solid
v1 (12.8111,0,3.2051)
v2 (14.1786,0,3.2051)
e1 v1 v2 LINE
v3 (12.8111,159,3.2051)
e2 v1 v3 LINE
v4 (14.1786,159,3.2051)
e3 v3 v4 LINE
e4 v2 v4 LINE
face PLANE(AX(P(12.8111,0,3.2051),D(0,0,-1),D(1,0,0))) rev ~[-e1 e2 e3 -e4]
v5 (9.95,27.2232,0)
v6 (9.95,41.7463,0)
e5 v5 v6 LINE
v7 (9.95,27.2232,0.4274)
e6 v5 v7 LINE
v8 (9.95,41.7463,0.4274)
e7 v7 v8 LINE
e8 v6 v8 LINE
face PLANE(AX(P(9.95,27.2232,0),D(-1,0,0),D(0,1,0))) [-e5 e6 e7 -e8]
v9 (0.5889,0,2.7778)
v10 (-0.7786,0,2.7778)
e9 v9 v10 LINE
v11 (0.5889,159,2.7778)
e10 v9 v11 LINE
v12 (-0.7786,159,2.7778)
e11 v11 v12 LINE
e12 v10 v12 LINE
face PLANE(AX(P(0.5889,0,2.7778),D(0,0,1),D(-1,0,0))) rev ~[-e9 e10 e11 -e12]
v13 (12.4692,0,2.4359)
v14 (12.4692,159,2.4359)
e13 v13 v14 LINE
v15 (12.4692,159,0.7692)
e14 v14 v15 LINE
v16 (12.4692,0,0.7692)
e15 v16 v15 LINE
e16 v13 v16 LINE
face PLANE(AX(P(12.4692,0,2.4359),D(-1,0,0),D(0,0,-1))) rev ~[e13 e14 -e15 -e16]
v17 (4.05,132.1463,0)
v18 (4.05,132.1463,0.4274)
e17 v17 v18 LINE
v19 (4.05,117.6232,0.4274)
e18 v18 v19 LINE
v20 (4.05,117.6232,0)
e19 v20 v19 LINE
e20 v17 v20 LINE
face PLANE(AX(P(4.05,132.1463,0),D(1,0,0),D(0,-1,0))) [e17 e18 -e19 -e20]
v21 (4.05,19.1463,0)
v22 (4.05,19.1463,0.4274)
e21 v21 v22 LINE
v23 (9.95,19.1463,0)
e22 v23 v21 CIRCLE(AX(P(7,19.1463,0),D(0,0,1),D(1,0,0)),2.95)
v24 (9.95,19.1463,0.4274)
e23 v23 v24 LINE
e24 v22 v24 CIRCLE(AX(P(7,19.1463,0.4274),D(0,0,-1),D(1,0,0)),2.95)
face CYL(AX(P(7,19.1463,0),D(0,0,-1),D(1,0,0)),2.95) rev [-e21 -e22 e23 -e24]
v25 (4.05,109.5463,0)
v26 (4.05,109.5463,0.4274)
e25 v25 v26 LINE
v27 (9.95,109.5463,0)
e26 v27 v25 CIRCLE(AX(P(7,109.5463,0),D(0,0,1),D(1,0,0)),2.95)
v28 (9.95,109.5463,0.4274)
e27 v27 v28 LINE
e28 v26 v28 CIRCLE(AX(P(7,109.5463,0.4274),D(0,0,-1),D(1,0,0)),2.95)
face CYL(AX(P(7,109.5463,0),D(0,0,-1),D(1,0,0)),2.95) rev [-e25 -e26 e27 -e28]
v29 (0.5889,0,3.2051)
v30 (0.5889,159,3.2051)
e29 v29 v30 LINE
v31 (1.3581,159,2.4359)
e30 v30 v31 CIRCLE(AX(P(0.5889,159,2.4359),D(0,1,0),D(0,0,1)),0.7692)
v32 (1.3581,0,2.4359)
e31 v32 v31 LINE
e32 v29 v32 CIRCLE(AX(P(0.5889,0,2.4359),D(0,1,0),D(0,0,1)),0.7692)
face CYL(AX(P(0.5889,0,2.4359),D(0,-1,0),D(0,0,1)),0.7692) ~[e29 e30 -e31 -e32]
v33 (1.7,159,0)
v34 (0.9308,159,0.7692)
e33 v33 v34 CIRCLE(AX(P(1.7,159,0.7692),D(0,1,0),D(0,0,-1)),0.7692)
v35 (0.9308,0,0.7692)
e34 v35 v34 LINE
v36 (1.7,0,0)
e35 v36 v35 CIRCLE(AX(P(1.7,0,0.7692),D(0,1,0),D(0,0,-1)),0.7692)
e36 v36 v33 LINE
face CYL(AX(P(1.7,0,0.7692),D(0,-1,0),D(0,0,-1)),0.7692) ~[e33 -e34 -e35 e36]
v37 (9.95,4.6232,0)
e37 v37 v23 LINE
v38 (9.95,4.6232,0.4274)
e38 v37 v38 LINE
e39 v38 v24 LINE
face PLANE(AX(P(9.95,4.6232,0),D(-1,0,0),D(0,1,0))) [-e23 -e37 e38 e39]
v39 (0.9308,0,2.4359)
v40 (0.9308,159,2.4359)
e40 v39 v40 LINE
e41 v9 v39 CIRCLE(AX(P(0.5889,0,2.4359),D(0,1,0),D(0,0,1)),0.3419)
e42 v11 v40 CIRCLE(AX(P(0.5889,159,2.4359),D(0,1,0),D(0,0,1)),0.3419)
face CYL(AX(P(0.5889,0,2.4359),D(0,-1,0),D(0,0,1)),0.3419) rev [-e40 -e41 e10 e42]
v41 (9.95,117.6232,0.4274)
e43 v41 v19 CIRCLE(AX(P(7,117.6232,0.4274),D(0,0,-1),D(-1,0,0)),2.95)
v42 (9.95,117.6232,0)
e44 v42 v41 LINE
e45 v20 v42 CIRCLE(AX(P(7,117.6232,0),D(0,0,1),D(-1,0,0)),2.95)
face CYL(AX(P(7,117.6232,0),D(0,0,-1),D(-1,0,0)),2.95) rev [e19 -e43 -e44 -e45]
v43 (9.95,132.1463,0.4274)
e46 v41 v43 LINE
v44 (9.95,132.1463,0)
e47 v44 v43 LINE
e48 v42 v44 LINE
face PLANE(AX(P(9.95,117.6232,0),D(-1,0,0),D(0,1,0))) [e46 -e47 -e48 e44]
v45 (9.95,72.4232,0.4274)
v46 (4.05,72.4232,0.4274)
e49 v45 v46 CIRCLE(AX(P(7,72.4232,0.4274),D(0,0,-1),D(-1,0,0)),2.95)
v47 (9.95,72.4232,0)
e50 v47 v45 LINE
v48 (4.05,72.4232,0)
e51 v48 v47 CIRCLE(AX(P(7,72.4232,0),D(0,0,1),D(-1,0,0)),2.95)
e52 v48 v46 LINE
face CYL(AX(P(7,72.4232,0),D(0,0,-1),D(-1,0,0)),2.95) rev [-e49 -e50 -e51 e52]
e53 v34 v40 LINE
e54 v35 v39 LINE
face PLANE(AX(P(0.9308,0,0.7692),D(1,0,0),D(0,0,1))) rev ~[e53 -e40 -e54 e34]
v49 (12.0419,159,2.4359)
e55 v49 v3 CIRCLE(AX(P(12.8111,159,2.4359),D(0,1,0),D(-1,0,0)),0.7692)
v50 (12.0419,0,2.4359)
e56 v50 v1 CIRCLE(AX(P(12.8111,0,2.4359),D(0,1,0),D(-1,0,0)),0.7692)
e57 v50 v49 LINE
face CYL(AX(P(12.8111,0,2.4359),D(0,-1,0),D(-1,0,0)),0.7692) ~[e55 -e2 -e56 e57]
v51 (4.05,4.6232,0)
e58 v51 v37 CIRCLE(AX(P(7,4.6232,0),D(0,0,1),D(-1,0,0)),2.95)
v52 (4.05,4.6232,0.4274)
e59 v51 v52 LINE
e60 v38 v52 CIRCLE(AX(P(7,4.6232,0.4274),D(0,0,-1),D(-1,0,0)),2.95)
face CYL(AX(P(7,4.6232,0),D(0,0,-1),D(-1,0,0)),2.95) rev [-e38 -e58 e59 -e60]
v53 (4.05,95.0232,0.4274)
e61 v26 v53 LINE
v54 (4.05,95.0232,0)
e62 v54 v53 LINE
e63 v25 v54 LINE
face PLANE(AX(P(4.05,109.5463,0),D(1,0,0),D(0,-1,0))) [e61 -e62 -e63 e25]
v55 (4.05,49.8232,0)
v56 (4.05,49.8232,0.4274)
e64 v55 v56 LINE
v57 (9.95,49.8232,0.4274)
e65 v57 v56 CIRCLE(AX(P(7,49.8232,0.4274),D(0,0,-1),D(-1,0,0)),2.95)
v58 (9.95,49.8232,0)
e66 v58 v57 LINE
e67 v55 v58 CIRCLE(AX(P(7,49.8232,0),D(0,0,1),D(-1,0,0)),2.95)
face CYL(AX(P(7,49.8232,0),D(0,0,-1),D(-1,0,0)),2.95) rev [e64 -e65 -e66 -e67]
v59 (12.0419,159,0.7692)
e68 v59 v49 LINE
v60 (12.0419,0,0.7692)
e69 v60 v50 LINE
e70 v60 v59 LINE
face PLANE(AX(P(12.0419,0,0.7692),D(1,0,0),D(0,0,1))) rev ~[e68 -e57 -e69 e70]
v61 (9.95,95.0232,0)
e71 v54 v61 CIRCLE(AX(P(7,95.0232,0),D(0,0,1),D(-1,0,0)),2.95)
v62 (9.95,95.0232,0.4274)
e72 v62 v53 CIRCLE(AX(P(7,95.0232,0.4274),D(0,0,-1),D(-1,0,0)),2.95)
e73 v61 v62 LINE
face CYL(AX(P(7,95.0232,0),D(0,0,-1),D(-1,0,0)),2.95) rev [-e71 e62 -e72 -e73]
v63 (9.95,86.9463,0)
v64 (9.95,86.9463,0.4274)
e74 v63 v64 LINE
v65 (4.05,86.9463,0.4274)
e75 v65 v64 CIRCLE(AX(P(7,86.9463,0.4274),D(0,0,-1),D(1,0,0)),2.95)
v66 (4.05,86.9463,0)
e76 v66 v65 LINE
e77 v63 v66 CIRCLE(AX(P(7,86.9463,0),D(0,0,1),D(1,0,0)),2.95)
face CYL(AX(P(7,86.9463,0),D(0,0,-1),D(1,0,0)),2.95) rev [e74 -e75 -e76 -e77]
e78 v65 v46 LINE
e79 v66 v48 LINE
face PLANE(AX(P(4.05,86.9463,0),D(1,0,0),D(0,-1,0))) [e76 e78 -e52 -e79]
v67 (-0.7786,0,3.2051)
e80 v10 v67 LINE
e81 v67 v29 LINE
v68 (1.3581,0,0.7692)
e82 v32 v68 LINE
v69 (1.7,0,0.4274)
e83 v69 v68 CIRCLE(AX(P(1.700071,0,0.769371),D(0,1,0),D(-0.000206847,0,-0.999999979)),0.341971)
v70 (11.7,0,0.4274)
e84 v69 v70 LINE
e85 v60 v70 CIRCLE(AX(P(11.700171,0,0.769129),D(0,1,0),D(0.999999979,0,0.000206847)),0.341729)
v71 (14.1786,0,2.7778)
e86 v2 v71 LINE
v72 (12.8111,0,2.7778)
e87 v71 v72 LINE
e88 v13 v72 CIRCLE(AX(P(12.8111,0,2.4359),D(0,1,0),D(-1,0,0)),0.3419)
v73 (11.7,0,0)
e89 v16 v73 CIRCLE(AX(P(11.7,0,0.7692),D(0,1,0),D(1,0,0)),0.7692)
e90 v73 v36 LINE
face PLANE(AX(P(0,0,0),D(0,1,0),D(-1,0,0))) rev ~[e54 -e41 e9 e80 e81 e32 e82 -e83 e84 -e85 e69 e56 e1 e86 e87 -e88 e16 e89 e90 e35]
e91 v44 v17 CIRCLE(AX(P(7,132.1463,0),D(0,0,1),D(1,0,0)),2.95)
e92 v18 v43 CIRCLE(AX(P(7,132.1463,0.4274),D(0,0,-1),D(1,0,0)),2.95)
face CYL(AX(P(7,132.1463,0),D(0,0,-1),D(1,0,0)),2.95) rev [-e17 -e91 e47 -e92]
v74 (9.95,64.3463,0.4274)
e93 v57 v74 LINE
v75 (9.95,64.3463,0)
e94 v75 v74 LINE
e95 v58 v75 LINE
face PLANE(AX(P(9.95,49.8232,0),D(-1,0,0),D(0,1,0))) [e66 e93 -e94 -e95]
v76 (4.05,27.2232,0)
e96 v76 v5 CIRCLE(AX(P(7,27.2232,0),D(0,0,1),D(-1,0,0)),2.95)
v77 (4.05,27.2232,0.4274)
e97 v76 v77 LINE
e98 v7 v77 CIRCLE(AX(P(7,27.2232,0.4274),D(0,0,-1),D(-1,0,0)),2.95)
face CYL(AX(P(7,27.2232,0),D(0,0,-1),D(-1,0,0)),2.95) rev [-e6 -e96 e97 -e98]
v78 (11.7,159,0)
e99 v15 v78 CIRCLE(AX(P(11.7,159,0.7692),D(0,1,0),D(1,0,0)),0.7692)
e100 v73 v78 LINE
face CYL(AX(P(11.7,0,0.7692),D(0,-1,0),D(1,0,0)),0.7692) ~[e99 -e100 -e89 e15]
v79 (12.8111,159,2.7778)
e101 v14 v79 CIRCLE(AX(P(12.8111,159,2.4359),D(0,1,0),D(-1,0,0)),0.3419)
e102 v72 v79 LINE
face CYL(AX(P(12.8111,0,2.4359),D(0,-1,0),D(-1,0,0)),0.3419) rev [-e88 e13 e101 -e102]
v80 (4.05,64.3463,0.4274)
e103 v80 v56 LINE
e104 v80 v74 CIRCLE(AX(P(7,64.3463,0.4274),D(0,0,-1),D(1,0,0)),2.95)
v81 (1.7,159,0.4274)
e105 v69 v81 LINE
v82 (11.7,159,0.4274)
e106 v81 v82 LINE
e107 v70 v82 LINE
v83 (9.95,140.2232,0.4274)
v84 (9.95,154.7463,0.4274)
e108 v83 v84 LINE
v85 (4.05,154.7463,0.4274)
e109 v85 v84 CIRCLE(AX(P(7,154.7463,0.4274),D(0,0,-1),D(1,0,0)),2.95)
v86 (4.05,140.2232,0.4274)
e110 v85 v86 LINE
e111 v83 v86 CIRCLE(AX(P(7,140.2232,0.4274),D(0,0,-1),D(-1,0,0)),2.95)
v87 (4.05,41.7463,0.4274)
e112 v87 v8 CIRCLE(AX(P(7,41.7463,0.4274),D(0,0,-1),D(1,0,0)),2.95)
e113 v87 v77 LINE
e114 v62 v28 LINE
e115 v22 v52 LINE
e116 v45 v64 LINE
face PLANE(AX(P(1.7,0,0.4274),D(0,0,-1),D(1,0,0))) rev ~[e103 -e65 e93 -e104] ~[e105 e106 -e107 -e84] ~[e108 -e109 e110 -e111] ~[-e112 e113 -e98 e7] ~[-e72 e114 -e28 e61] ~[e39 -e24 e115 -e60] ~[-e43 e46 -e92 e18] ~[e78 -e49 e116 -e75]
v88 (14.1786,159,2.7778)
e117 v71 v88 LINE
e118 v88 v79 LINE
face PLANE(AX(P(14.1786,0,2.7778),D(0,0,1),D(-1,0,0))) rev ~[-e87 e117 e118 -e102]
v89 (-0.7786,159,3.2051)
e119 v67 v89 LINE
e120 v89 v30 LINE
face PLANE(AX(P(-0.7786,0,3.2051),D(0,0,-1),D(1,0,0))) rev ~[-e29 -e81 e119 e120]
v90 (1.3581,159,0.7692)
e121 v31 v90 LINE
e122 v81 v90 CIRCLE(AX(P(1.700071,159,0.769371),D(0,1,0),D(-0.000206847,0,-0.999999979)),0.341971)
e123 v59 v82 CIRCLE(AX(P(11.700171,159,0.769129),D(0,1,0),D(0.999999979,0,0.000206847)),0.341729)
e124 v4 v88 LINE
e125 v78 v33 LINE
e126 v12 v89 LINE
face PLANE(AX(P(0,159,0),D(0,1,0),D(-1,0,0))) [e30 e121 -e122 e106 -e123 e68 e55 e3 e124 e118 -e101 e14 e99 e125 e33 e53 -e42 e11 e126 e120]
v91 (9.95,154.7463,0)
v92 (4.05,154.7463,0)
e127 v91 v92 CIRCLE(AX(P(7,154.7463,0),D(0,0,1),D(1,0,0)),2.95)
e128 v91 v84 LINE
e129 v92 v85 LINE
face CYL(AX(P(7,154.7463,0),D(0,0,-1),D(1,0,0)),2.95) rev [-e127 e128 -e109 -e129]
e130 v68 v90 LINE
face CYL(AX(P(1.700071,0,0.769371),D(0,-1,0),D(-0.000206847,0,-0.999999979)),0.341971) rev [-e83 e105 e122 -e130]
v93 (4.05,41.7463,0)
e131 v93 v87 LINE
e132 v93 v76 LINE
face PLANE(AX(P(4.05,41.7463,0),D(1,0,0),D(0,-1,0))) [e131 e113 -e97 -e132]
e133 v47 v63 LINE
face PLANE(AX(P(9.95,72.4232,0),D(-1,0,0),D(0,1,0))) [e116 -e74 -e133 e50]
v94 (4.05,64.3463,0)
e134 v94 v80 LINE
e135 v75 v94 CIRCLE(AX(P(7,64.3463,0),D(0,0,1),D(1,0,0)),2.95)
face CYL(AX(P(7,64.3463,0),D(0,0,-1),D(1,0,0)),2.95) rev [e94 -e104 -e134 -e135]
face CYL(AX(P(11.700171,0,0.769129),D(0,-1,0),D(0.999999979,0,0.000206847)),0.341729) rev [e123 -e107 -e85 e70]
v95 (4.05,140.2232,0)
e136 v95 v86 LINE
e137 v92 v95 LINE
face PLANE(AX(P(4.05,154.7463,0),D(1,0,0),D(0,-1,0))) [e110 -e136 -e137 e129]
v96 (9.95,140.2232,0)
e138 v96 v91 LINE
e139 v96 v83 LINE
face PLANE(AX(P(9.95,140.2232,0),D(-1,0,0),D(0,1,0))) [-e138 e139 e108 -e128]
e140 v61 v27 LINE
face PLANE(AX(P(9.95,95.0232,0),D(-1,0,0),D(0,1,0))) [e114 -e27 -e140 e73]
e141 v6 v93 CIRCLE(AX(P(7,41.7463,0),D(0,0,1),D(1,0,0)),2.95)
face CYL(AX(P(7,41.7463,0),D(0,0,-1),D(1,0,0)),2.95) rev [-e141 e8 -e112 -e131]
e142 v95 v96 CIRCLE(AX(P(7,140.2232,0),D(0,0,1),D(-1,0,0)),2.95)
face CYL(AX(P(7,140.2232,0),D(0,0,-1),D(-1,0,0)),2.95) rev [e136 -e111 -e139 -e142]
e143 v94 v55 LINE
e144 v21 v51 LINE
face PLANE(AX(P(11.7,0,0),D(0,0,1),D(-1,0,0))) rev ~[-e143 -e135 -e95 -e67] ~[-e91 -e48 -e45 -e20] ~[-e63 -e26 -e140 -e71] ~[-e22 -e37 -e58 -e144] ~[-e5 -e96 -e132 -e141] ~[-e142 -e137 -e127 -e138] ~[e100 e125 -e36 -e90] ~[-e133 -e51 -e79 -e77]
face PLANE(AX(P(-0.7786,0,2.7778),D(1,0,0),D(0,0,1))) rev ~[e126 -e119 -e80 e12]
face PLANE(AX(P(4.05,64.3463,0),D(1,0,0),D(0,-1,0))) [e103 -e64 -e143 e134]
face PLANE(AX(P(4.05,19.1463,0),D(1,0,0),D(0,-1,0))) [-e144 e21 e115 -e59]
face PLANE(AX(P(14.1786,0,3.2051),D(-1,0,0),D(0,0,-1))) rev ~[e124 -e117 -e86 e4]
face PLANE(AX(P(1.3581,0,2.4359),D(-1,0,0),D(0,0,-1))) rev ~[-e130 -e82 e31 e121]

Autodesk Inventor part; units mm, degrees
sketch "Sketch_2" plane through (0, 0, 0) normal (0, 1, 0) x (-1, 0, 0)
  line L0 (0.7786, 2.7778) -> (0.7786, 3.2051)
  line L1 (0.7786, 3.2051) -> (-0.5889, 3.2051)
  arc A0 (-0.5889, 3.2051) -> (-1.3581, 2.4359) centre (-0.5889, 2.4359) ccw
  line L2 (-1.3581, 2.4359) -> (-1.3581, 0.7692)
  arc A1 (-1.7, 0.4274) -> (-1.3581, 0.7692) centre (-1.7, 0.7692) ccw
  line L3 (-1.7, 0.4274) -> (-11.7, 0.4274)
  arc A2 (-12.0419, 0.7692) -> (-11.7, 0.4274) centre (-11.7, 0.7692) ccw
  line L4 (-12.0419, 0.7692) -> (-12.0419, 2.4359)
  arc A3 (-12.0419, 2.4359) -> (-12.8111, 3.2051) centre (-12.8111, 2.4359) ccw
  line L5 (-12.8111, 3.2051) -> (-14.1786, 3.2051)
  line L6 (-14.1786, 3.2051) -> (-14.1786, 2.7778)
  line L7 (-14.1786, 2.7778) -> (-12.8111, 2.7778)
  arc A4 (-12.4692, 2.4359) -> (-12.8111, 2.7778) centre (-12.8111, 2.4359) ccw
  line L8 (-12.4692, 2.4359) -> (-12.4692, 0.7692)
  arc A5 (-12.4692, 0.7692) -> (-11.7, 0) centre (-11.7, 0.7692) ccw
  line L9 (-11.7, 0) -> (-1.7, 0)
  arc A6 (-1.7, 0) -> (-0.9308, 0.7692) centre (-1.7, 0.7692) ccw
  line L10 (-0.9308, 0.7692) -> (-0.9308, 2.4359)
  arc A7 (-0.5889, 2.7778) -> (-0.9308, 2.4359) centre (-0.5889, 2.4359) ccw
  line L11 (-0.5889, 2.7778) -> (0.7786, 2.7778)
  dimension "d14" = 10
extrude "Extrusion1" add sketch "Sketch_2" along normal blind 159
sketch "Sketch_6" plane through (0, 0, 0) normal (0, 0, 1) x (1, 0, 0)
  arc A0 (4.05, 4.6232) -> (9.95, 4.6232) centre (7, 4.6232) ccw
  line L0 (9.95, 4.6232) -> (9.95, 19.1463)
  arc A1 (9.95, 19.1463) -> (4.05, 19.1463) centre (7, 19.1463) ccw
  line L1 (4.05, 19.1463) -> (4.05, 4.6232)
  dimension "d13" = 2.95
extrude "Extrusion2" cut sketch "Sketch_6" along normal blind 2
pattern_linear "Rectangular Pattern1" count 80 spacing 22.6 along (0, 1, 0) of "Extrusion2"
properties part number "PP0735H(1)" material "Ouro"
